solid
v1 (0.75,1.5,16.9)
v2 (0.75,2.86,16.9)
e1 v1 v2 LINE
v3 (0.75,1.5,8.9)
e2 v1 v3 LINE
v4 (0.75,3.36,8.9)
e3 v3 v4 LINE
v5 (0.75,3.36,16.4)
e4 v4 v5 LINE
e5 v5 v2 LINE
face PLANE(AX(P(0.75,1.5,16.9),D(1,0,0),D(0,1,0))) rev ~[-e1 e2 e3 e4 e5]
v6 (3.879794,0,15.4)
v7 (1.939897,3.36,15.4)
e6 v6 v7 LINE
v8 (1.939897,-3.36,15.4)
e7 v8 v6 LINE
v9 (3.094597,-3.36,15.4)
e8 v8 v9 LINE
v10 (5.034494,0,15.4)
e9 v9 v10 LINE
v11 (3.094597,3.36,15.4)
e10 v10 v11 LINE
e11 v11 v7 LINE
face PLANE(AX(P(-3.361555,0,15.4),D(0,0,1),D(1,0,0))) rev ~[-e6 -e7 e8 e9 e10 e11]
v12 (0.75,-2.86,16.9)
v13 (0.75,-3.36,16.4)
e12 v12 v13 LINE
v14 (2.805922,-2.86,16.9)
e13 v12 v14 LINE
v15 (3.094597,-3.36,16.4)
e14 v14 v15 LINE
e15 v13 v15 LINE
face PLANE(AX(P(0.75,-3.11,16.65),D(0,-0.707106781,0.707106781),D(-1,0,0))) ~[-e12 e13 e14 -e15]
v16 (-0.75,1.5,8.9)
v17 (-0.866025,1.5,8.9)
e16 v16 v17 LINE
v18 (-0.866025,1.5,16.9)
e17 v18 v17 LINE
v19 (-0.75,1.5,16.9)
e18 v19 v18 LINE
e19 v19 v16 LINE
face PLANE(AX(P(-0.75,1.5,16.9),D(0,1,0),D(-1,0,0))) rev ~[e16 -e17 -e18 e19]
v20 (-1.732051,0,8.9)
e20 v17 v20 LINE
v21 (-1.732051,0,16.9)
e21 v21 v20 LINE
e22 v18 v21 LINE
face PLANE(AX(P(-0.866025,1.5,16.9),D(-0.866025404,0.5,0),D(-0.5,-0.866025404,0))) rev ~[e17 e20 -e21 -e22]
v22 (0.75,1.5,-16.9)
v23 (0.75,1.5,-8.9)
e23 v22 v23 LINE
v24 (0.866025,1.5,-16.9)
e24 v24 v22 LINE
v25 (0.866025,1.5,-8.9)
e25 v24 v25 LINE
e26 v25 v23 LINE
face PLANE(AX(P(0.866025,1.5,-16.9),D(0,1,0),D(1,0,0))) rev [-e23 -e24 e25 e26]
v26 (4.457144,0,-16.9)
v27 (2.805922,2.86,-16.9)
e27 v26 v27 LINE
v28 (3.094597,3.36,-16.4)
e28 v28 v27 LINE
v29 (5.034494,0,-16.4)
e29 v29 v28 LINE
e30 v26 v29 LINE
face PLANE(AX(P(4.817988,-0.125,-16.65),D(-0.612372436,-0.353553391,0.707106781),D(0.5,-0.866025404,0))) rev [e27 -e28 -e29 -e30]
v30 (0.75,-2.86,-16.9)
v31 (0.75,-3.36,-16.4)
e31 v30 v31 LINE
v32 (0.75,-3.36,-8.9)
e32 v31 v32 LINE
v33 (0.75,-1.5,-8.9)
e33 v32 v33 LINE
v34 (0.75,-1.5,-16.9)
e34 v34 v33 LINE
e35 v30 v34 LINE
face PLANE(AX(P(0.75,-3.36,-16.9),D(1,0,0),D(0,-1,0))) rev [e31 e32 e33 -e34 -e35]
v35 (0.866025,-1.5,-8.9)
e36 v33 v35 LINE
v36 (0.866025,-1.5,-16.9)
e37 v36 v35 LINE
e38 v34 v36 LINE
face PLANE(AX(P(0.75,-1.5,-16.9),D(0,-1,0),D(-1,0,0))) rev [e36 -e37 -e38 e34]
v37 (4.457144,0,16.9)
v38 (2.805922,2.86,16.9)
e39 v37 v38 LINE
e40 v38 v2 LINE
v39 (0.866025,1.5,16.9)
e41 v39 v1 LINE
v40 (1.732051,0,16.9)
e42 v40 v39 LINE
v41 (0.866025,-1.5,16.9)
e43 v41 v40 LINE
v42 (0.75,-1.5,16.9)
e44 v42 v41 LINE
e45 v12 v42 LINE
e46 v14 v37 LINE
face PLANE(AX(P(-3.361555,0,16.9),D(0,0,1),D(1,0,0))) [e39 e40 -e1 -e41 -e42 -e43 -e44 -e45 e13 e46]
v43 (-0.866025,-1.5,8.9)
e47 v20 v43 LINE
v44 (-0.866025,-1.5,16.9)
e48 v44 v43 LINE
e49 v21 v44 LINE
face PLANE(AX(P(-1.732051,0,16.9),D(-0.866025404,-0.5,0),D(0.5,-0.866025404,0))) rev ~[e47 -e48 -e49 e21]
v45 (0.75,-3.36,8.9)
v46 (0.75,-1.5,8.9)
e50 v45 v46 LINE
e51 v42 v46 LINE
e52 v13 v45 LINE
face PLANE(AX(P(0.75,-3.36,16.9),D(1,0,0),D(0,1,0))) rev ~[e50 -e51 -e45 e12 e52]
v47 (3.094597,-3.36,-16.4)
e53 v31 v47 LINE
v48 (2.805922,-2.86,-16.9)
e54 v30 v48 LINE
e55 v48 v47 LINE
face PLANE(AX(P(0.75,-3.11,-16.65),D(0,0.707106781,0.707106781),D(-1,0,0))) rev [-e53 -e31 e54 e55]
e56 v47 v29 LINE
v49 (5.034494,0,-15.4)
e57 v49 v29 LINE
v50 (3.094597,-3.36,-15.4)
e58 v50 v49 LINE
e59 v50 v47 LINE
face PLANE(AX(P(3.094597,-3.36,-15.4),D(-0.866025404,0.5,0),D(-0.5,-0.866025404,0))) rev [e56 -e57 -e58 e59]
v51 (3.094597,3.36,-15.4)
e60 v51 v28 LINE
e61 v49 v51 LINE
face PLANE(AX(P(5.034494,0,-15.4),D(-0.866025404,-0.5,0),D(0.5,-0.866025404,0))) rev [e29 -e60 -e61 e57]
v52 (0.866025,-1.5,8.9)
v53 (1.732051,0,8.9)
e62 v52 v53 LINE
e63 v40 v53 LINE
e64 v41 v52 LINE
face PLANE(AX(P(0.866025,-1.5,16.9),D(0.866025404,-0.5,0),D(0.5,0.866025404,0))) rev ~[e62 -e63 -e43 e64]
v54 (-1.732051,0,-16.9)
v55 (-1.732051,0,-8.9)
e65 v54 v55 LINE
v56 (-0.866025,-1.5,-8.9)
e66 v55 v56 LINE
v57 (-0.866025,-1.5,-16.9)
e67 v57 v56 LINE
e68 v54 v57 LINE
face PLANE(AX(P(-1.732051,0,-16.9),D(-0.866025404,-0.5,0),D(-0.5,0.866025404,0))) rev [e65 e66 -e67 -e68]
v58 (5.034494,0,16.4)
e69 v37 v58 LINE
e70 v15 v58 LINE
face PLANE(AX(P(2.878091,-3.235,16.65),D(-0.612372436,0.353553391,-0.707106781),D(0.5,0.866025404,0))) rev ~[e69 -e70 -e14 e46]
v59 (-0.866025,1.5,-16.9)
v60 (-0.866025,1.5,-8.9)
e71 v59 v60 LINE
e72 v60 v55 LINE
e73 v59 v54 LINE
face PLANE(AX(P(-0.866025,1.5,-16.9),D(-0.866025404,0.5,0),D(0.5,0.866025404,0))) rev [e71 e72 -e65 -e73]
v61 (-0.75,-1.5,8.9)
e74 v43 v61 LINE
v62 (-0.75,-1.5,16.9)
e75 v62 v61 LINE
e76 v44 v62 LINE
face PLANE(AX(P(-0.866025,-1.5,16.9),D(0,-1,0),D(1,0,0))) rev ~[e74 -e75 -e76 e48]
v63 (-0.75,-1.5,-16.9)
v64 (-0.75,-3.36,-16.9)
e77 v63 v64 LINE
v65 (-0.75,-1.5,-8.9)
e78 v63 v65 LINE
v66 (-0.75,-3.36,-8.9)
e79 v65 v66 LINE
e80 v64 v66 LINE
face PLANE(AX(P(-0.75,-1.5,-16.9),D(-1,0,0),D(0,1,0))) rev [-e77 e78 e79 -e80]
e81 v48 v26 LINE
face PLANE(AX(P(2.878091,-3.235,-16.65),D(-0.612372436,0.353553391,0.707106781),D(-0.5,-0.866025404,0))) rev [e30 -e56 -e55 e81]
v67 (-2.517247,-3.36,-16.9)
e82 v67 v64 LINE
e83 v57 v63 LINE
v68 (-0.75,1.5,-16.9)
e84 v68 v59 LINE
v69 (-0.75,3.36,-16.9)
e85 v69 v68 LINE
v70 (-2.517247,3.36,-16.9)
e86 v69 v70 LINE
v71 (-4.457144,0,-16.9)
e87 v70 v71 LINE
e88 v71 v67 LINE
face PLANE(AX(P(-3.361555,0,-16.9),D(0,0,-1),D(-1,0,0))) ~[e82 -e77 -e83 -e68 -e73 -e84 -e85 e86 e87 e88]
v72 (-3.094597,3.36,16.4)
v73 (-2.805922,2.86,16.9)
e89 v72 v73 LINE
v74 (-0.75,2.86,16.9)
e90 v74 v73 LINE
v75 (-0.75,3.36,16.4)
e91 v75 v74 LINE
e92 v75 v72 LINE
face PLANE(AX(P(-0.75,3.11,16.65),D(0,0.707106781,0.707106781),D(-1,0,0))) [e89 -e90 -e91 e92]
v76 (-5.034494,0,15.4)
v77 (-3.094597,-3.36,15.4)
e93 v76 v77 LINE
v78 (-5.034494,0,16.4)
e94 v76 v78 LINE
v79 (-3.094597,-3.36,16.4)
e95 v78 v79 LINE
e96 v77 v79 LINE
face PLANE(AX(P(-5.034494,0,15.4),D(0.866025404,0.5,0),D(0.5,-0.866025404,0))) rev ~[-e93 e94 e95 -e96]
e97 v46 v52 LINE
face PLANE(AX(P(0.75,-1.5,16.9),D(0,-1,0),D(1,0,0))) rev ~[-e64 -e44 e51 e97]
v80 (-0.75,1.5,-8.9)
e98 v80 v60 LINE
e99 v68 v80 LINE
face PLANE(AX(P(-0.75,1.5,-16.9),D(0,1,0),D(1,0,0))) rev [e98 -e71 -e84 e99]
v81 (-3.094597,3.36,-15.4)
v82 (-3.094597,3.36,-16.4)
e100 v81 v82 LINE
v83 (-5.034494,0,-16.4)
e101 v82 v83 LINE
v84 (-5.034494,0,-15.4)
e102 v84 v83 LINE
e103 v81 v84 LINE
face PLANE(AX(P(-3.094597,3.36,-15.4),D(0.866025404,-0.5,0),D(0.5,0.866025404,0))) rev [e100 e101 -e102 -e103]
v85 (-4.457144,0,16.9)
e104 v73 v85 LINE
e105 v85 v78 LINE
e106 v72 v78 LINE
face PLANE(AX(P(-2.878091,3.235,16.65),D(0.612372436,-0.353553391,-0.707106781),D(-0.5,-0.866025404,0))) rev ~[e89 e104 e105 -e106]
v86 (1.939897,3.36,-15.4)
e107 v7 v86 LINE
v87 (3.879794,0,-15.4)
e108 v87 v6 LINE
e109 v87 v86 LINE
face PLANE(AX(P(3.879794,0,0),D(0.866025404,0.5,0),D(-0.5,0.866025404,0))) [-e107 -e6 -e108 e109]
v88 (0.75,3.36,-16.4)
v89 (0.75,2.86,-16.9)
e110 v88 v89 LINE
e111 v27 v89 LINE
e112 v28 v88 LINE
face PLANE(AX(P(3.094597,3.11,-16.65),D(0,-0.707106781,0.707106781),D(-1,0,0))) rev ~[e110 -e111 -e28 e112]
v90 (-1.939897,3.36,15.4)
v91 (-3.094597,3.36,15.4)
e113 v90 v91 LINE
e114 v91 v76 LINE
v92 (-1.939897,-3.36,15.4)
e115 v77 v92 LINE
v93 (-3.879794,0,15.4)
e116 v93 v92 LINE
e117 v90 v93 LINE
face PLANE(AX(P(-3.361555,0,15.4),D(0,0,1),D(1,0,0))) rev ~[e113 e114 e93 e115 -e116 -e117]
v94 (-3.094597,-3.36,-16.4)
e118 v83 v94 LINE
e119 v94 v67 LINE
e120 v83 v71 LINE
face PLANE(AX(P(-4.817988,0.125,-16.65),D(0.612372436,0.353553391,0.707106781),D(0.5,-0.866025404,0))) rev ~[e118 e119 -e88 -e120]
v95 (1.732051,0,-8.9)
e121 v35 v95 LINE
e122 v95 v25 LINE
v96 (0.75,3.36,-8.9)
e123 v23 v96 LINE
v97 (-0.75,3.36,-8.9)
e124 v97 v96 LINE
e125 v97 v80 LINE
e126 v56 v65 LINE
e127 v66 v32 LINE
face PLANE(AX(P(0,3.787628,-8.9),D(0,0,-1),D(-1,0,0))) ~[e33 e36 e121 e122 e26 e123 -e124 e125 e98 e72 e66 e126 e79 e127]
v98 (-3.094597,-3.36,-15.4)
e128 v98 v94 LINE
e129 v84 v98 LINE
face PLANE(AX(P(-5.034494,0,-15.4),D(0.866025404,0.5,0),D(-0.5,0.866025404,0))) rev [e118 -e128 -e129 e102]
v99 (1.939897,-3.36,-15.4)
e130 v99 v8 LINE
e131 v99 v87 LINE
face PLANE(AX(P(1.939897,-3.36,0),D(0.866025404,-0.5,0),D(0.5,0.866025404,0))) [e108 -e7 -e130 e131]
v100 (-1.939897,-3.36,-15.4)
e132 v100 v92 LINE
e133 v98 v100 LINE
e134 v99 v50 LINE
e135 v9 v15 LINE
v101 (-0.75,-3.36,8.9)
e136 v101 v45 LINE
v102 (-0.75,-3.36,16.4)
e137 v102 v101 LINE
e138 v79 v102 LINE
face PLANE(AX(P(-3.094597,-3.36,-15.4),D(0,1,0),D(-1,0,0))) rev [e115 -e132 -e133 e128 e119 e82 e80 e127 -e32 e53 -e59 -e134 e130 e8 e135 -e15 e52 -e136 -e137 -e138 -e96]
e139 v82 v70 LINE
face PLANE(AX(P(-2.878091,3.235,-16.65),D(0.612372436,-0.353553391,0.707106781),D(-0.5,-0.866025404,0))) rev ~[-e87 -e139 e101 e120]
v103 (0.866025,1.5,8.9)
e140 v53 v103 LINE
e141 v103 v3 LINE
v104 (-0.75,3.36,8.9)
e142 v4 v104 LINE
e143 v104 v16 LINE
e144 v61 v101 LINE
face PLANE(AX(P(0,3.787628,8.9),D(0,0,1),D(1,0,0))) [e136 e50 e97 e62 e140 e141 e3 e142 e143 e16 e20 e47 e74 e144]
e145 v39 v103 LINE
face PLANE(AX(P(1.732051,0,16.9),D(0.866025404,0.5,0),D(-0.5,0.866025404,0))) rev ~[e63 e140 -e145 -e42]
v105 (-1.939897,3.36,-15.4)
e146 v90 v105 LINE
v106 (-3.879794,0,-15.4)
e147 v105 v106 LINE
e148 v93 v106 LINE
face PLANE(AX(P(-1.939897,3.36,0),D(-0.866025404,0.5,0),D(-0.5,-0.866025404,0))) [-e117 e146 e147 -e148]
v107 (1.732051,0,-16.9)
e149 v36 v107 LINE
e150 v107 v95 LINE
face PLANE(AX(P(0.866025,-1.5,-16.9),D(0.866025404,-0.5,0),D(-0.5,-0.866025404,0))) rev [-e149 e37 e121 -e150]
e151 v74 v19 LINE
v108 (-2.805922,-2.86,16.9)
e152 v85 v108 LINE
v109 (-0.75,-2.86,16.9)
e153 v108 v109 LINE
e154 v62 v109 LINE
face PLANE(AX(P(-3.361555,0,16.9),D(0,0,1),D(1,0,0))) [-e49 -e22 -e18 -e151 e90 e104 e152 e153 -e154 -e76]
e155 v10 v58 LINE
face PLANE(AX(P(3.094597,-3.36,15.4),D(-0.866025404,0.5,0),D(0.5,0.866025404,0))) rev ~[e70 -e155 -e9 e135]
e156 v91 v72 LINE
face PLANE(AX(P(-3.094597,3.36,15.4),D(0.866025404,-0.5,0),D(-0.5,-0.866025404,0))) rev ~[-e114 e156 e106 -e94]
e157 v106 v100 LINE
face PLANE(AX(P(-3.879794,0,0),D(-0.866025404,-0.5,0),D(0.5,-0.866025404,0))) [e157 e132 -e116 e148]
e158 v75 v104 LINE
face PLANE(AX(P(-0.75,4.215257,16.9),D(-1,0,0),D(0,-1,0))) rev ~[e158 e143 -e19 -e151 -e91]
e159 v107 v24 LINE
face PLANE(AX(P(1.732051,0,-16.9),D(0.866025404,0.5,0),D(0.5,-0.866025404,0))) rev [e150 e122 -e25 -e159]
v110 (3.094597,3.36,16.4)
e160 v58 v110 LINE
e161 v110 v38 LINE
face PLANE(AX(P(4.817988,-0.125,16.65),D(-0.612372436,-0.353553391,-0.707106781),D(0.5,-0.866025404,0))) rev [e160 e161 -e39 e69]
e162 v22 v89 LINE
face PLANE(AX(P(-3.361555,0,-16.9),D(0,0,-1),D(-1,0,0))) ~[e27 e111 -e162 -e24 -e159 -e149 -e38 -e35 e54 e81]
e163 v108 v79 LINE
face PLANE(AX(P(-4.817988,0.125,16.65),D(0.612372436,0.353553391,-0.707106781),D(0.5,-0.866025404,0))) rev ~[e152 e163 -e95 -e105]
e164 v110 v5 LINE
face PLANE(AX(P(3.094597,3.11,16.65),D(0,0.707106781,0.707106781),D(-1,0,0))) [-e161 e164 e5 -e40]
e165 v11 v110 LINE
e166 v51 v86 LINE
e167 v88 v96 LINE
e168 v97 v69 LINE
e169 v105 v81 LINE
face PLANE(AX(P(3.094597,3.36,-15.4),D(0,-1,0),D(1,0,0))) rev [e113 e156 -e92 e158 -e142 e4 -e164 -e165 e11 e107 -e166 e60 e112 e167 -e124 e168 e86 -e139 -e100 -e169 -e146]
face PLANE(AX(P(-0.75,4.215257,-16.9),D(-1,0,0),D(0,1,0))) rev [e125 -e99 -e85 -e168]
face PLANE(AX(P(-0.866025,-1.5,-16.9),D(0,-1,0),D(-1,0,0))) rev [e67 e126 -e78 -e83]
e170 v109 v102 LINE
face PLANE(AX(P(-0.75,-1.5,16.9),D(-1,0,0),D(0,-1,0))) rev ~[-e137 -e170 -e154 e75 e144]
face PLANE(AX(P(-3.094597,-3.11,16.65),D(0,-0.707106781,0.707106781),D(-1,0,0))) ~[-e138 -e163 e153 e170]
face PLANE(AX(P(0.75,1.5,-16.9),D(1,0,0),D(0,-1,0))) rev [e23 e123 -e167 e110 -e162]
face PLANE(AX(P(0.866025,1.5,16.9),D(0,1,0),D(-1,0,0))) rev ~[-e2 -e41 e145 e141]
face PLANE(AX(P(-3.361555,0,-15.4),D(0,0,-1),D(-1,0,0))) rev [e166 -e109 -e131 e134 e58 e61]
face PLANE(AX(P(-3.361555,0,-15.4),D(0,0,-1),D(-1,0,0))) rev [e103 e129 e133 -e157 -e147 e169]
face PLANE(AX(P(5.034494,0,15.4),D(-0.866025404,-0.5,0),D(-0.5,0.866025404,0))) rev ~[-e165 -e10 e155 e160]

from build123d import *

# Parameters (mm, degrees)
BOSS_EXTRU_1_DEPTH      = 15.4
BOSS_EXTRU_2_DEPTH      = 1.5
ESQUISSE4_W             = 1.5
ESQUISSE4_H             = 0.855256697
ESQUISSE4_H_2           = 1.86
ESQUISSE4_H_3           = 3
ENL_V_MAT_EXTRU_1_DEPTH = 8
CHANFREIN1_SIZE         = 0.5


with BuildPart() as part:
    # Esquisse1 → Boss.-Extru.1 (new, symmetric)
    with BuildSketch(Plane(origin=(0, 0, 0), x_dir=(0, 1, 0), z_dir=(0, 0, 1))):
        Polygon((0, 3.879793809), (-3.36, 1.939896904), (-3.36, -1.939896904), (0, -3.879793809), (3.36, -1.939896904), (3.36, 1.939896904), align=None)
    extrude(amount=BOSS_EXTRU_1_DEPTH, both=True)

    # Esquisse2 → Boss.-Extru.2 (add)
    with BuildSketch(Plane.XY.offset(15.4)):
        Polygon((-1.939896904, 3.36), (-3.094597443, 3.36), (-5.034494347, 0), (-3.094597443, -3.36), (-1.939896904, -3.36), (-3.879793809, 0), align=None)
        Polygon((3.094597443, 3.36), (1.939896904, 3.36), (3.879793809, 0), (1.939896904, -3.36), (3.094597443, -3.36), (5.034494347, 0), align=None)
        Polygon((1.939896904, 3.36), (-1.939896904, 3.36), (-3.879793809, 0), (-1.939896904, -3.36), (1.939896904, -3.36), (3.879793809, 0), align=None)
    boss_extru_2 = extrude(amount=BOSS_EXTRU_2_DEPTH)

    # Esquisse4 → Enlèv. mat.-Extru.1 (cut)
    with BuildSketch(Plane.XY.offset(16.9)):
        with Locations((0, 3.787628349)):
            Rectangle(ESQUISSE4_W, ESQUISSE4_H)
        with Locations((0, 2.43)):
            Rectangle(ESQUISSE4_W, ESQUISSE4_H_2)
        Rectangle(ESQUISSE4_W, ESQUISSE4_H_3)
        with Locations((0, -2.43)):
            Rectangle(ESQUISSE4_W, ESQUISSE4_H_2)
        Polygon((0.75, 1.5), (0.75, -1.5), (0.866025404, -1.5), (1.732050808, 0), (0.866025404, 1.5), align=None)
        Polygon((-0.866025404, 1.5), (-1.732050808, 0), (-0.866025404, -1.5), (-0.75, -1.5), (-0.75, 1.5), align=None)
    enl_v_mat_extru_1 = extrude(amount=-ENL_V_MAT_EXTRU_1_DEPTH, mode=Mode.SUBTRACT)

    # Symétrie2: Boss.-Extru.2, Enlèv. mat.-Extru.1 across plane
    add(boss_extru_2.mirror(Plane.XY))
    add(enl_v_mat_extru_1.mirror(Plane.XY), mode=Mode.SUBTRACT)

    # Chanfrein1
    chanfrein1_edges = [part.edges().sort_by_distance(p)[0] for p in [
        (1.922298721, -3.36, -16.9),
        (1.922298721, 3.36, -16.9),
        (-1.922298721, 3.36, 16.9),
        (-1.922298721, -3.36, 16.9),
        (4.064545895, -1.68, 16.9),
        (4.064545895, 1.68, 16.9),
        (-4.064545895, 1.68, 16.9),
        (-4.064545895, -1.68, 16.9),
        (1.922298721, -3.36, 16.9),
        (1.922298721, 3.36, 16.9),
        (-4.064545895, -1.68, -16.9),
        (-4.064545895, 1.68, -16.9),
        (4.064545895, 1.68, -16.9),
        (4.064545895, -1.68, -16.9),
    ]]
    chamfer(chanfrein1_edges, length=CHANFREIN1_SIZE)


solid = part.part
